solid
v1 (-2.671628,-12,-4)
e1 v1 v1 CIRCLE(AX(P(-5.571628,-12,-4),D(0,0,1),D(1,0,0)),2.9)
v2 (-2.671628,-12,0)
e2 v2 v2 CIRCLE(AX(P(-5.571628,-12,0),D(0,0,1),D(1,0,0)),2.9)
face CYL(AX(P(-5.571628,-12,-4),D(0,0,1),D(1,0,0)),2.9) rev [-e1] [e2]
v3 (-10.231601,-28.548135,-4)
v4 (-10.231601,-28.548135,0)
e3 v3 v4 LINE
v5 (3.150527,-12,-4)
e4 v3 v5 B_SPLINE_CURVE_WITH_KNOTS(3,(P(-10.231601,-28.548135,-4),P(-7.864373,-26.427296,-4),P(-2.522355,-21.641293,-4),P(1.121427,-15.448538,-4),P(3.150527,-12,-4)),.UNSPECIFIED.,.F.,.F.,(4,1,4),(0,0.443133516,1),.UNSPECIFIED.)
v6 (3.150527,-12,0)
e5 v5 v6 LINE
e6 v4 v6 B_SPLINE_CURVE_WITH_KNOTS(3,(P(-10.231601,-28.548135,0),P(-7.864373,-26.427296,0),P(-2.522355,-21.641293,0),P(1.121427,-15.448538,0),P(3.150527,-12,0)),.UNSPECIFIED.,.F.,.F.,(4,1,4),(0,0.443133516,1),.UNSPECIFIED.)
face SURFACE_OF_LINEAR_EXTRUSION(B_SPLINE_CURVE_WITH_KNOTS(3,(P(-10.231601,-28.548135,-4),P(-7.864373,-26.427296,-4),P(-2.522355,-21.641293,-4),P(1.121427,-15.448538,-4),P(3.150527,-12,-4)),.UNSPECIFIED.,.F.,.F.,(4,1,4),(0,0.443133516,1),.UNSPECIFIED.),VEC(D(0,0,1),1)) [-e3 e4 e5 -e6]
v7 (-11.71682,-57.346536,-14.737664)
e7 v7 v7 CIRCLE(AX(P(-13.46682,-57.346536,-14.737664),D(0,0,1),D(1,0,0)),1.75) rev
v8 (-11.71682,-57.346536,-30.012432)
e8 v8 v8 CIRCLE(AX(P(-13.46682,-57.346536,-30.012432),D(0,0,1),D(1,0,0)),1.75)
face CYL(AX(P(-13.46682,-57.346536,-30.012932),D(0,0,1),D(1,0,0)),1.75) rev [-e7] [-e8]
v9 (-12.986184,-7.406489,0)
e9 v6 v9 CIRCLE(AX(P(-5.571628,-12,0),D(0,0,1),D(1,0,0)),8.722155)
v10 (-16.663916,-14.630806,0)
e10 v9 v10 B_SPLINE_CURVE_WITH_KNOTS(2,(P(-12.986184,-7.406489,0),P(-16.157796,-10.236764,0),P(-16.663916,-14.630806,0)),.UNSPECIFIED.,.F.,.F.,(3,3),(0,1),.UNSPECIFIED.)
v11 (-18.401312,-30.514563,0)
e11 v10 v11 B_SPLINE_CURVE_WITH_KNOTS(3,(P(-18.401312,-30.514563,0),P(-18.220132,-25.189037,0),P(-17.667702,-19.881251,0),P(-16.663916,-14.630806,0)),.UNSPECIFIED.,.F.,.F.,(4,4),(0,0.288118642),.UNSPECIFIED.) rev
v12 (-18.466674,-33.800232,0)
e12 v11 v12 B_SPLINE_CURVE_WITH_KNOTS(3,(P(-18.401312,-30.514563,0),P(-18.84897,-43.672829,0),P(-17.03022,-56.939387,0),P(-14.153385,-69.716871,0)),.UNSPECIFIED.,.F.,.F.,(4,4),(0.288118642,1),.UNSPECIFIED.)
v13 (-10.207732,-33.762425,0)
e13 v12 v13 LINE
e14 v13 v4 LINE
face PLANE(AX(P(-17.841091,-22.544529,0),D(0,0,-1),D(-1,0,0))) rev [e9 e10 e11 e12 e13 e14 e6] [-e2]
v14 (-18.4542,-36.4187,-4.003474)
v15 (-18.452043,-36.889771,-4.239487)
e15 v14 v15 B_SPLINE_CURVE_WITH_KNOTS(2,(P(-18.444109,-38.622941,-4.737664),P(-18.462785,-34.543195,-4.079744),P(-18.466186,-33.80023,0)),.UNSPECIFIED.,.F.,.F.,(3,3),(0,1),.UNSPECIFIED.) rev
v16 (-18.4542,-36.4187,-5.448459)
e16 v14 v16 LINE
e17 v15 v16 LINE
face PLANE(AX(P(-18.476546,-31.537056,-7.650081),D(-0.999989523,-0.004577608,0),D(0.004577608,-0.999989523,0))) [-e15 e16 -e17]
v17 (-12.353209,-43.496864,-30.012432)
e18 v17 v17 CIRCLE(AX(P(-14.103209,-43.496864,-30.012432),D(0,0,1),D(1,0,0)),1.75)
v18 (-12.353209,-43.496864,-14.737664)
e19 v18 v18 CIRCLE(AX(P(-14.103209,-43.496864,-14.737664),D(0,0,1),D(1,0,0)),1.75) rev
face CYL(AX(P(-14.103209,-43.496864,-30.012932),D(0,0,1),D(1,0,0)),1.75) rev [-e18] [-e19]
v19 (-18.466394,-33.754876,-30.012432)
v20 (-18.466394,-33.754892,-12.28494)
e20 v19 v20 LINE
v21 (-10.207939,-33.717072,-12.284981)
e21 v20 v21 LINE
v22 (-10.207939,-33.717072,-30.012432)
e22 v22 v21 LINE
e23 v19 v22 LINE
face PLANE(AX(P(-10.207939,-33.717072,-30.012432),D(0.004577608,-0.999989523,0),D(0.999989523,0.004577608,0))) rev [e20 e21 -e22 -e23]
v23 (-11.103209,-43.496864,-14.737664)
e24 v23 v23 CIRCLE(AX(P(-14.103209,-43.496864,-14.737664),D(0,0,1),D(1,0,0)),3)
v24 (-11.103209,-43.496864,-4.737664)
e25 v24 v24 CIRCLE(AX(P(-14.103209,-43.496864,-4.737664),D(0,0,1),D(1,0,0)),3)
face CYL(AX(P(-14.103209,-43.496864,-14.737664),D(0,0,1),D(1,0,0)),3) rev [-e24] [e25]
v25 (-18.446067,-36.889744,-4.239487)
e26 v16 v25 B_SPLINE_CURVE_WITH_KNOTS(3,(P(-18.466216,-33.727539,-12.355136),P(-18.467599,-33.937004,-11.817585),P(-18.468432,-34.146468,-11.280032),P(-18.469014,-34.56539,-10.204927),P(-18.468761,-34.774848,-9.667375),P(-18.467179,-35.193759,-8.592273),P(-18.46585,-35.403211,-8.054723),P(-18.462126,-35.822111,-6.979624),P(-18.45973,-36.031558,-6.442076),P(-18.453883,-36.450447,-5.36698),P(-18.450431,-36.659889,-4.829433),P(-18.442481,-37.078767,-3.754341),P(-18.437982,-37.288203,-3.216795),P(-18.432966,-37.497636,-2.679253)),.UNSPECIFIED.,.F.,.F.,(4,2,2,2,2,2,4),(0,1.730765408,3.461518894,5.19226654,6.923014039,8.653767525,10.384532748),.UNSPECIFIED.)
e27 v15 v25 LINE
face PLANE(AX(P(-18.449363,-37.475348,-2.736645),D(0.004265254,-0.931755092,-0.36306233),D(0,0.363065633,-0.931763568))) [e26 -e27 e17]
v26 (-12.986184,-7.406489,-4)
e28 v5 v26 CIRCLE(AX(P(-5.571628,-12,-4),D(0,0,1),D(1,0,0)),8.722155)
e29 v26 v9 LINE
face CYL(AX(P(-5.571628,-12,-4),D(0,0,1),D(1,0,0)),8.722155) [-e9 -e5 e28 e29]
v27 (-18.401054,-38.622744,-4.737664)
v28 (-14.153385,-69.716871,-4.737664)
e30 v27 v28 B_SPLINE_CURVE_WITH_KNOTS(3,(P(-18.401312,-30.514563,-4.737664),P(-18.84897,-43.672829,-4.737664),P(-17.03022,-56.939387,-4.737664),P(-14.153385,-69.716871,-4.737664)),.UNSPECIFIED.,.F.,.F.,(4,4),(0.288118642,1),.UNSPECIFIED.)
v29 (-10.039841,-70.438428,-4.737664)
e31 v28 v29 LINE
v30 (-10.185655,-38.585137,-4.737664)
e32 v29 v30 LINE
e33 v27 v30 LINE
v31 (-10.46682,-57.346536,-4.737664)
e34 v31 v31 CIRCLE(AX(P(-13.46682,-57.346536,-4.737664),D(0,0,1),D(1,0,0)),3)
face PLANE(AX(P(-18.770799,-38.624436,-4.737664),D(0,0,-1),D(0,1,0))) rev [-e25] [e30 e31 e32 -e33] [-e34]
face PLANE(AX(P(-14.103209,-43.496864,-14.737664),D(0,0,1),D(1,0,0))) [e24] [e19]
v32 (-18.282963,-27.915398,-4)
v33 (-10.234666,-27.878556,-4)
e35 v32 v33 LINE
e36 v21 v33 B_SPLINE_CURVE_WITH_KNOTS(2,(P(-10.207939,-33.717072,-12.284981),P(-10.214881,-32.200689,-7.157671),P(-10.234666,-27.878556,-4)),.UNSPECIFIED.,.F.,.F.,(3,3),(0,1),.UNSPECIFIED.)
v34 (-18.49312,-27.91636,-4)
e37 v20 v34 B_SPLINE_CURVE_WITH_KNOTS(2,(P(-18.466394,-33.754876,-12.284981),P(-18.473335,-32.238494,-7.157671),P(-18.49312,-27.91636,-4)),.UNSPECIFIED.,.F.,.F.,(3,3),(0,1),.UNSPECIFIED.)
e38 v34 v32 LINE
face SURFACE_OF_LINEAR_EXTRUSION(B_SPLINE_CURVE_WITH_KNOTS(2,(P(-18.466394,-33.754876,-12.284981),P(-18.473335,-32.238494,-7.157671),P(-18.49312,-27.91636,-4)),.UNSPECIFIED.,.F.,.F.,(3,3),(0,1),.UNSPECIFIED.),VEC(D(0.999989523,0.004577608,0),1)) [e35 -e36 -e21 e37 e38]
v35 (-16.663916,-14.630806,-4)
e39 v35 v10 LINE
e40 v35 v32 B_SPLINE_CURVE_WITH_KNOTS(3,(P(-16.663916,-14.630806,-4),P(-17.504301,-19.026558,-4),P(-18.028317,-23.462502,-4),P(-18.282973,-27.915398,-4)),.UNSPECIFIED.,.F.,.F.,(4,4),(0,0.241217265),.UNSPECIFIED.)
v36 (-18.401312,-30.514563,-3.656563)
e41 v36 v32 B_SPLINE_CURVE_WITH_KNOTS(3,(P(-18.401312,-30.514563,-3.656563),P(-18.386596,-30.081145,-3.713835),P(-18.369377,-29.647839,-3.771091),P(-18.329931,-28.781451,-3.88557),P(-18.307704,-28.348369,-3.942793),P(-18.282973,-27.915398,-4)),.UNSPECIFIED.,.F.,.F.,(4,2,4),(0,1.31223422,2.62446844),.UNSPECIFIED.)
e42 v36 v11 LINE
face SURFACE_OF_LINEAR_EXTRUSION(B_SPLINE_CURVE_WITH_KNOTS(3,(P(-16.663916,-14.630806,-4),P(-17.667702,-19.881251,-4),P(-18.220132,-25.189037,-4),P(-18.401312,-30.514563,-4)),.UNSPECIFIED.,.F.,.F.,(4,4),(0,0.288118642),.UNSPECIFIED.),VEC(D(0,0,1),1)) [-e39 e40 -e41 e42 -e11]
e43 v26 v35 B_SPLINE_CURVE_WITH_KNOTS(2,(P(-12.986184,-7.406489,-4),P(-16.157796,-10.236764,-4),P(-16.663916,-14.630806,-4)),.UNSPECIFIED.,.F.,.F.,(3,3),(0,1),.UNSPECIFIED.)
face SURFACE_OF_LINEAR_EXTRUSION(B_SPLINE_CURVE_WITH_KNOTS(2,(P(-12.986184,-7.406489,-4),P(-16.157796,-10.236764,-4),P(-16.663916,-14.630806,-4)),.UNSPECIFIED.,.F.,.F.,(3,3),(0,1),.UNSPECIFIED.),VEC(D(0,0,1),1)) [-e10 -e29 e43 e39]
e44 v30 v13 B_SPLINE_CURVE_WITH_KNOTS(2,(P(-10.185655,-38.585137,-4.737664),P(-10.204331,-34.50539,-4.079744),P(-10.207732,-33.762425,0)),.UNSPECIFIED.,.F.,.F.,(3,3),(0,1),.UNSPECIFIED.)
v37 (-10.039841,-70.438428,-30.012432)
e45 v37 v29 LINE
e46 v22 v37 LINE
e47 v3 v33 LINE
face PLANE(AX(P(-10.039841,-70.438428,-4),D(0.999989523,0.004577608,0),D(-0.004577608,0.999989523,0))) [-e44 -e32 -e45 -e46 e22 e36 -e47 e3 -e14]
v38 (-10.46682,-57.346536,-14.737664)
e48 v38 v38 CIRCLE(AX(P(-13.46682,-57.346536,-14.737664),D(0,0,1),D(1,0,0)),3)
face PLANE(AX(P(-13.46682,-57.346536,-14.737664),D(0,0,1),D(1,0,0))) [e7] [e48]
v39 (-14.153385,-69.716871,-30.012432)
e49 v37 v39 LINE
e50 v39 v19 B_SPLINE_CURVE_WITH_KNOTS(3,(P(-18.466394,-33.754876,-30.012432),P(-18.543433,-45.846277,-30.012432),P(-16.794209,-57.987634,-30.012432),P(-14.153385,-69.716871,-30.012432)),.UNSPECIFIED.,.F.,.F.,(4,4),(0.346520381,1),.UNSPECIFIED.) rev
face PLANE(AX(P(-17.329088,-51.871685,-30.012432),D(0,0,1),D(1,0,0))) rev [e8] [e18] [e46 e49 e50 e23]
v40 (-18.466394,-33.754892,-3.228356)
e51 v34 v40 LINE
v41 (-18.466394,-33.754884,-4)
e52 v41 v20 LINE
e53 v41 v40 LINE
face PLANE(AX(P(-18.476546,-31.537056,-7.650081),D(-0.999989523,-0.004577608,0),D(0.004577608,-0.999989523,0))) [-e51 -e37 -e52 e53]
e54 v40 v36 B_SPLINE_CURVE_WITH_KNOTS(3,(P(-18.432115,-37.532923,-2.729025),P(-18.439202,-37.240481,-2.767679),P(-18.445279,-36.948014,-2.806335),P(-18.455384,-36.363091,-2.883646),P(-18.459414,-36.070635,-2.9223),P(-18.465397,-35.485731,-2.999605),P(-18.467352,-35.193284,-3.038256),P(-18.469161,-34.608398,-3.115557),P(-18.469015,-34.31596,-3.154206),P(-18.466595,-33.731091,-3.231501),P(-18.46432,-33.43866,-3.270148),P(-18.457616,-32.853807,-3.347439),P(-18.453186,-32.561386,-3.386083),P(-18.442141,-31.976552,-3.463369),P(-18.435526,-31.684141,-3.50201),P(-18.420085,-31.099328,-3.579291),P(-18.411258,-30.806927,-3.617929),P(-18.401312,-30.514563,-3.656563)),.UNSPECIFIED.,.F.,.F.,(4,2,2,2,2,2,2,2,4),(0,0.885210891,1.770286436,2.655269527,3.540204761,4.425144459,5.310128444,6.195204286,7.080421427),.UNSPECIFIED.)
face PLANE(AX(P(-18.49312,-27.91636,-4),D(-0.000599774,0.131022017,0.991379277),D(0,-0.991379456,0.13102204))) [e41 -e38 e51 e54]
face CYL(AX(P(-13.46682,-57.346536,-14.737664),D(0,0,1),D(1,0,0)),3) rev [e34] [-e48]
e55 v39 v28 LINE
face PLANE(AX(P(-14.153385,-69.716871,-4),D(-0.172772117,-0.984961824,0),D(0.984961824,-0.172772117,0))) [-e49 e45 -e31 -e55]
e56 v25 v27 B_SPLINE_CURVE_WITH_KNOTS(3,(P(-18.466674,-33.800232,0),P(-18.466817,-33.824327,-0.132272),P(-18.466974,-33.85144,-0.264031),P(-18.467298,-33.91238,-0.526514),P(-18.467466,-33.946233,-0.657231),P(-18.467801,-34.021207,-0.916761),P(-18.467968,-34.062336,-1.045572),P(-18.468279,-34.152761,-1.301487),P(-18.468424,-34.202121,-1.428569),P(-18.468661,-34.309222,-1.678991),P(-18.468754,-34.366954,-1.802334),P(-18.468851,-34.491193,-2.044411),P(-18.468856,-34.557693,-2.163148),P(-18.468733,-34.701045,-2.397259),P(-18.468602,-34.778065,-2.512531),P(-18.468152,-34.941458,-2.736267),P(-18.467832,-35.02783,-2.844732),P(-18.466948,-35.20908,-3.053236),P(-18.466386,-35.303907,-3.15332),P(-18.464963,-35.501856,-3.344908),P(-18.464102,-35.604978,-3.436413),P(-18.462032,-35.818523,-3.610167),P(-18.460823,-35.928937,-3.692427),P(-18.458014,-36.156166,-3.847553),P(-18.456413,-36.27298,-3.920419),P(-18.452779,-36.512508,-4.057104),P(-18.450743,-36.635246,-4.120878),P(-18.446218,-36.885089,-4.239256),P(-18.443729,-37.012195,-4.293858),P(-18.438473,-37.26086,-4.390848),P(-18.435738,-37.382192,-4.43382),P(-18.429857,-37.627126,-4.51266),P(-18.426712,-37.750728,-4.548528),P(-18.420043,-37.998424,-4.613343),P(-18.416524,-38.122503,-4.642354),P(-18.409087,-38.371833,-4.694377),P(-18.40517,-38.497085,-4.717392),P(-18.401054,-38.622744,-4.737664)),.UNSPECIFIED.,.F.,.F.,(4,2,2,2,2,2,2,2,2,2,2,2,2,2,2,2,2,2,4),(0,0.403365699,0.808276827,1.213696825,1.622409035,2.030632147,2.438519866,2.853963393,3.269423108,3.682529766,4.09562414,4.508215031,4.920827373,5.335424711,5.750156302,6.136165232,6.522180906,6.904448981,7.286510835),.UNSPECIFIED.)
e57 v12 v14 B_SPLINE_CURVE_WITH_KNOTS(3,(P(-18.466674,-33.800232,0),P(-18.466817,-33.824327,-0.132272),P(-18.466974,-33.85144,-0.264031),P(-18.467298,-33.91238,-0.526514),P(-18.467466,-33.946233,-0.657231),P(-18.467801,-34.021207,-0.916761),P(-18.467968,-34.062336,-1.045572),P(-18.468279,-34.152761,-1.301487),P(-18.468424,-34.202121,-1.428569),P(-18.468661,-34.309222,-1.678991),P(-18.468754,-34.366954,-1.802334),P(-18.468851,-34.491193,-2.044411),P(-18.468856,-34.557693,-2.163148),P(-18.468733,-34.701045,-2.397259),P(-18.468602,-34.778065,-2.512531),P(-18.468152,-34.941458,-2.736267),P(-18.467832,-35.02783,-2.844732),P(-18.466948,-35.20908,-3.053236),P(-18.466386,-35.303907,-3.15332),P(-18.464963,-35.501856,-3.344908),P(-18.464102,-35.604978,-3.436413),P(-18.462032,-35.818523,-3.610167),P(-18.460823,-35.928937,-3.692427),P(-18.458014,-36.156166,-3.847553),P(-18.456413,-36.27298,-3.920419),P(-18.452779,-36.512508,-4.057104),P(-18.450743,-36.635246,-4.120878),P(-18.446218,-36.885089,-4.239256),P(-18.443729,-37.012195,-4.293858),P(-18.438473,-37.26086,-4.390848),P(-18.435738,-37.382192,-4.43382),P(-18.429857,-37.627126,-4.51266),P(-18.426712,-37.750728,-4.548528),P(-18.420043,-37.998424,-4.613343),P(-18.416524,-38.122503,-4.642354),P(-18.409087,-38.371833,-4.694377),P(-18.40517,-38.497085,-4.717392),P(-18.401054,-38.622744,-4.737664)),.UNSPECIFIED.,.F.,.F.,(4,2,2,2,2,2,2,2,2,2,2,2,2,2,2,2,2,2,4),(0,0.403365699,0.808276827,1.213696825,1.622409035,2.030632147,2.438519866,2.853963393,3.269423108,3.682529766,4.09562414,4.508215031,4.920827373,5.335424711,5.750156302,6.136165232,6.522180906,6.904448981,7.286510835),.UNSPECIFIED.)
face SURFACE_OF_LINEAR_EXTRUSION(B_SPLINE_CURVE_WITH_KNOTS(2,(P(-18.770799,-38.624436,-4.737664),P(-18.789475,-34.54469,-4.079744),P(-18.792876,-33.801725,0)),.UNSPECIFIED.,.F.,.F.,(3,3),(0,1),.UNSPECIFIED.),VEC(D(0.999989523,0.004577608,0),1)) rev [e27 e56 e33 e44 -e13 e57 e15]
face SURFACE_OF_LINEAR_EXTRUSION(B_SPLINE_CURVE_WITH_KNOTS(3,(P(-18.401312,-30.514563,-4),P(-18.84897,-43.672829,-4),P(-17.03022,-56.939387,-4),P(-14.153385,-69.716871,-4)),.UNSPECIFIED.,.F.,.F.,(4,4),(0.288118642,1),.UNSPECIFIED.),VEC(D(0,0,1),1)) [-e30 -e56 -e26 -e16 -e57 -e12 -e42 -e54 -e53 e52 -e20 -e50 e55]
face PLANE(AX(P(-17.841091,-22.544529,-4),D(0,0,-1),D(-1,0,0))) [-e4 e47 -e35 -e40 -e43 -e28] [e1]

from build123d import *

# Parameters (mm, degrees)
SKETCH1_R           = 2.9
BOSS_EXTRUDE1_DEPTH = 4
BOSS_EXTRUDE2_DEPTH = 26.012432
SKETCH3_R           = 1.75
CUT_EXTRUDE1_DEPTH  = 79.761768867
BOSS_EXTRUDE5_DEPTH = 8.258541
CUT_EXTRUDE2_DEPTH  = 78.706037614
SKETCH6_R           = 3
CUT_EXTRUDE3_DEPTH  = 10


with BuildPart() as part:
    # Sketch1 → Boss-Extrude1 (new body)
    with BuildSketch(Plane.XY):
        with BuildLine():
            Line((-14.153385189, -69.716871134), (-10.039841479, -70.438427685))
            Line((-10.039841479, -70.438427685), (-10.231600818, -28.548135162))
            add(Edge.make_bspline(
                [(3.150526507, -12), (1.121426745, -15.448537633), (-2.522354698, -21.641292501), (-7.864373324, -26.42729642), (-10.231600818, -28.548135162)],
                knots=[0, 0, 0, 0, 0.556866484, 1, 1, 1, 1], degree=3))
            ThreePointArc((3.150526507, -12), (-3.18362895, -3.611112101), (-12.986183722, -7.406488955))
            add(Edge.make_bspline(
                [(-16.663916234, -14.630806425), (-16.157795835, -10.23676377), (-12.986183722, -7.406488955)],
                knots=[0, 0, 0, 1, 1, 1], degree=2))
            add(Edge.make_bspline(
                [(-16.663916234, -14.630806425), (-17.667702323, -19.881251045), (-18.220131563, -25.189037493), (-18.401311599, -30.514562532)],
                knots=[0, 0, 0, 0, 0.288118642, 0.288118642, 0.288118642, 0.288118642], degree=3))
            add(Edge.make_bspline(
                [(-18.401311599, -30.514562532), (-18.848969857, -43.672829442), (-17.03022033, -56.93938717), (-14.153385189, -69.716871134)],
                knots=[0.288118642, 0.288118642, 0.288118642, 0.288118642, 1, 1, 1, 1], degree=3))
        make_face()
        with Locations((-5.571628032, -12)):
            Circle(SKETCH1_R, mode=Mode.SUBTRACT)
    extrude(amount=-BOSS_EXTRUDE1_DEPTH)

    # Sketch2 → Boss-Extrude2 (add)
    with BuildSketch(Plane(origin=(0, 0, -4), x_dir=(-1, 0, 0), z_dir=(0, 0, -1))):
        with BuildLine():
            Line((10.207939206, -33.717071631), (18.466393507, -33.754875992))
            add(Edge.make_bspline(
                [(14.153385189, -69.716871134), (16.794208846, -57.987633874), (18.543433317, -45.846277061), (18.466393507, -33.754875992)],
                knots=[0.288118642, 0.288118642, 0.288118642, 0.288118642, 0.941598261, 0.941598261, 0.941598261, 0.941598261], degree=3))
            Line((14.153385189, -69.716871134), (10.039841479, -70.438427685))
            Line((10.039841479, -70.438427685), (10.207939206, -33.717071631))
        make_face()
    extrude(amount=BOSS_EXTRUDE2_DEPTH)

    # Sketch3 → Cut-Extrude1 (cut, through all)
    with BuildSketch(Plane.XY):
        with Locations((-14.103208948, -43.496863521)):
            Circle(SKETCH3_R)
        with Locations((-13.466819568, -57.346536005)):
            Circle(SKETCH3_R)
    extrude(amount=-CUT_EXTRUDE1_DEPTH, mode=Mode.SUBTRACT)

    # Sketch4 → Boss-Extrude5 (add)
    with BuildSketch(Plane(origin=(-10.362067217, -0.047433977, 0), x_dir=(0, 0, -1), z_dir=(0.9999895226985053, 0.004577607804942551, 0))):
        with BuildLine():
            Line((4, -27.831413473), (2.736644913, -37.390501041))
            Line((2.736644913, -37.390501041), (12.284980679, -33.669990424))
            add(Edge.make_bspline(
                [(4, -27.831413473), (7.157671382, -32.153592381), (12.284980679, -33.669990424)],
                knots=[0, 0, 0, 1, 1, 1], degree=2))
        make_face()
    extrude(amount=-BOSS_EXTRUDE5_DEPTH)

    # Sketch5 → Cut-Extrude2 (cut, through all)
    with BuildSketch(Plane(origin=(-10.362067217, -0.047433977, 0), x_dir=(0, 0, -1), z_dir=(0.9999895226985053, 0.004577607804942551, 0))):
        with BuildLine():
            Line((4.737663573, -38.538106349), (4.737663573, -70.391731224))
            Line((4.737663573, -70.391731224), (0, -70.391731224))
            Line((0, -70.391731224), (0, -33.715344655))
            add(Edge.make_bspline(
                [(0, -33.715344655), (4.079743683, -34.458317421), (4.737663573, -38.538106349)],
                knots=[0, 0, 0, 1, 1, 1], degree=2))
        make_face()
    extrude(amount=-CUT_EXTRUDE2_DEPTH, mode=Mode.SUBTRACT)

    # Sketch6 → Cut-Extrude3 (cut)
    with BuildSketch(Plane.XY.offset(-4.737663573)):
        with Locations((-13.466819568, -57.346536005)):
            Circle(SKETCH6_R)
        with Locations((-14.103208948, -43.496863521)):
            Circle(SKETCH6_R)
    extrude(amount=-CUT_EXTRUDE3_DEPTH, mode=Mode.SUBTRACT)


solid = part.part
